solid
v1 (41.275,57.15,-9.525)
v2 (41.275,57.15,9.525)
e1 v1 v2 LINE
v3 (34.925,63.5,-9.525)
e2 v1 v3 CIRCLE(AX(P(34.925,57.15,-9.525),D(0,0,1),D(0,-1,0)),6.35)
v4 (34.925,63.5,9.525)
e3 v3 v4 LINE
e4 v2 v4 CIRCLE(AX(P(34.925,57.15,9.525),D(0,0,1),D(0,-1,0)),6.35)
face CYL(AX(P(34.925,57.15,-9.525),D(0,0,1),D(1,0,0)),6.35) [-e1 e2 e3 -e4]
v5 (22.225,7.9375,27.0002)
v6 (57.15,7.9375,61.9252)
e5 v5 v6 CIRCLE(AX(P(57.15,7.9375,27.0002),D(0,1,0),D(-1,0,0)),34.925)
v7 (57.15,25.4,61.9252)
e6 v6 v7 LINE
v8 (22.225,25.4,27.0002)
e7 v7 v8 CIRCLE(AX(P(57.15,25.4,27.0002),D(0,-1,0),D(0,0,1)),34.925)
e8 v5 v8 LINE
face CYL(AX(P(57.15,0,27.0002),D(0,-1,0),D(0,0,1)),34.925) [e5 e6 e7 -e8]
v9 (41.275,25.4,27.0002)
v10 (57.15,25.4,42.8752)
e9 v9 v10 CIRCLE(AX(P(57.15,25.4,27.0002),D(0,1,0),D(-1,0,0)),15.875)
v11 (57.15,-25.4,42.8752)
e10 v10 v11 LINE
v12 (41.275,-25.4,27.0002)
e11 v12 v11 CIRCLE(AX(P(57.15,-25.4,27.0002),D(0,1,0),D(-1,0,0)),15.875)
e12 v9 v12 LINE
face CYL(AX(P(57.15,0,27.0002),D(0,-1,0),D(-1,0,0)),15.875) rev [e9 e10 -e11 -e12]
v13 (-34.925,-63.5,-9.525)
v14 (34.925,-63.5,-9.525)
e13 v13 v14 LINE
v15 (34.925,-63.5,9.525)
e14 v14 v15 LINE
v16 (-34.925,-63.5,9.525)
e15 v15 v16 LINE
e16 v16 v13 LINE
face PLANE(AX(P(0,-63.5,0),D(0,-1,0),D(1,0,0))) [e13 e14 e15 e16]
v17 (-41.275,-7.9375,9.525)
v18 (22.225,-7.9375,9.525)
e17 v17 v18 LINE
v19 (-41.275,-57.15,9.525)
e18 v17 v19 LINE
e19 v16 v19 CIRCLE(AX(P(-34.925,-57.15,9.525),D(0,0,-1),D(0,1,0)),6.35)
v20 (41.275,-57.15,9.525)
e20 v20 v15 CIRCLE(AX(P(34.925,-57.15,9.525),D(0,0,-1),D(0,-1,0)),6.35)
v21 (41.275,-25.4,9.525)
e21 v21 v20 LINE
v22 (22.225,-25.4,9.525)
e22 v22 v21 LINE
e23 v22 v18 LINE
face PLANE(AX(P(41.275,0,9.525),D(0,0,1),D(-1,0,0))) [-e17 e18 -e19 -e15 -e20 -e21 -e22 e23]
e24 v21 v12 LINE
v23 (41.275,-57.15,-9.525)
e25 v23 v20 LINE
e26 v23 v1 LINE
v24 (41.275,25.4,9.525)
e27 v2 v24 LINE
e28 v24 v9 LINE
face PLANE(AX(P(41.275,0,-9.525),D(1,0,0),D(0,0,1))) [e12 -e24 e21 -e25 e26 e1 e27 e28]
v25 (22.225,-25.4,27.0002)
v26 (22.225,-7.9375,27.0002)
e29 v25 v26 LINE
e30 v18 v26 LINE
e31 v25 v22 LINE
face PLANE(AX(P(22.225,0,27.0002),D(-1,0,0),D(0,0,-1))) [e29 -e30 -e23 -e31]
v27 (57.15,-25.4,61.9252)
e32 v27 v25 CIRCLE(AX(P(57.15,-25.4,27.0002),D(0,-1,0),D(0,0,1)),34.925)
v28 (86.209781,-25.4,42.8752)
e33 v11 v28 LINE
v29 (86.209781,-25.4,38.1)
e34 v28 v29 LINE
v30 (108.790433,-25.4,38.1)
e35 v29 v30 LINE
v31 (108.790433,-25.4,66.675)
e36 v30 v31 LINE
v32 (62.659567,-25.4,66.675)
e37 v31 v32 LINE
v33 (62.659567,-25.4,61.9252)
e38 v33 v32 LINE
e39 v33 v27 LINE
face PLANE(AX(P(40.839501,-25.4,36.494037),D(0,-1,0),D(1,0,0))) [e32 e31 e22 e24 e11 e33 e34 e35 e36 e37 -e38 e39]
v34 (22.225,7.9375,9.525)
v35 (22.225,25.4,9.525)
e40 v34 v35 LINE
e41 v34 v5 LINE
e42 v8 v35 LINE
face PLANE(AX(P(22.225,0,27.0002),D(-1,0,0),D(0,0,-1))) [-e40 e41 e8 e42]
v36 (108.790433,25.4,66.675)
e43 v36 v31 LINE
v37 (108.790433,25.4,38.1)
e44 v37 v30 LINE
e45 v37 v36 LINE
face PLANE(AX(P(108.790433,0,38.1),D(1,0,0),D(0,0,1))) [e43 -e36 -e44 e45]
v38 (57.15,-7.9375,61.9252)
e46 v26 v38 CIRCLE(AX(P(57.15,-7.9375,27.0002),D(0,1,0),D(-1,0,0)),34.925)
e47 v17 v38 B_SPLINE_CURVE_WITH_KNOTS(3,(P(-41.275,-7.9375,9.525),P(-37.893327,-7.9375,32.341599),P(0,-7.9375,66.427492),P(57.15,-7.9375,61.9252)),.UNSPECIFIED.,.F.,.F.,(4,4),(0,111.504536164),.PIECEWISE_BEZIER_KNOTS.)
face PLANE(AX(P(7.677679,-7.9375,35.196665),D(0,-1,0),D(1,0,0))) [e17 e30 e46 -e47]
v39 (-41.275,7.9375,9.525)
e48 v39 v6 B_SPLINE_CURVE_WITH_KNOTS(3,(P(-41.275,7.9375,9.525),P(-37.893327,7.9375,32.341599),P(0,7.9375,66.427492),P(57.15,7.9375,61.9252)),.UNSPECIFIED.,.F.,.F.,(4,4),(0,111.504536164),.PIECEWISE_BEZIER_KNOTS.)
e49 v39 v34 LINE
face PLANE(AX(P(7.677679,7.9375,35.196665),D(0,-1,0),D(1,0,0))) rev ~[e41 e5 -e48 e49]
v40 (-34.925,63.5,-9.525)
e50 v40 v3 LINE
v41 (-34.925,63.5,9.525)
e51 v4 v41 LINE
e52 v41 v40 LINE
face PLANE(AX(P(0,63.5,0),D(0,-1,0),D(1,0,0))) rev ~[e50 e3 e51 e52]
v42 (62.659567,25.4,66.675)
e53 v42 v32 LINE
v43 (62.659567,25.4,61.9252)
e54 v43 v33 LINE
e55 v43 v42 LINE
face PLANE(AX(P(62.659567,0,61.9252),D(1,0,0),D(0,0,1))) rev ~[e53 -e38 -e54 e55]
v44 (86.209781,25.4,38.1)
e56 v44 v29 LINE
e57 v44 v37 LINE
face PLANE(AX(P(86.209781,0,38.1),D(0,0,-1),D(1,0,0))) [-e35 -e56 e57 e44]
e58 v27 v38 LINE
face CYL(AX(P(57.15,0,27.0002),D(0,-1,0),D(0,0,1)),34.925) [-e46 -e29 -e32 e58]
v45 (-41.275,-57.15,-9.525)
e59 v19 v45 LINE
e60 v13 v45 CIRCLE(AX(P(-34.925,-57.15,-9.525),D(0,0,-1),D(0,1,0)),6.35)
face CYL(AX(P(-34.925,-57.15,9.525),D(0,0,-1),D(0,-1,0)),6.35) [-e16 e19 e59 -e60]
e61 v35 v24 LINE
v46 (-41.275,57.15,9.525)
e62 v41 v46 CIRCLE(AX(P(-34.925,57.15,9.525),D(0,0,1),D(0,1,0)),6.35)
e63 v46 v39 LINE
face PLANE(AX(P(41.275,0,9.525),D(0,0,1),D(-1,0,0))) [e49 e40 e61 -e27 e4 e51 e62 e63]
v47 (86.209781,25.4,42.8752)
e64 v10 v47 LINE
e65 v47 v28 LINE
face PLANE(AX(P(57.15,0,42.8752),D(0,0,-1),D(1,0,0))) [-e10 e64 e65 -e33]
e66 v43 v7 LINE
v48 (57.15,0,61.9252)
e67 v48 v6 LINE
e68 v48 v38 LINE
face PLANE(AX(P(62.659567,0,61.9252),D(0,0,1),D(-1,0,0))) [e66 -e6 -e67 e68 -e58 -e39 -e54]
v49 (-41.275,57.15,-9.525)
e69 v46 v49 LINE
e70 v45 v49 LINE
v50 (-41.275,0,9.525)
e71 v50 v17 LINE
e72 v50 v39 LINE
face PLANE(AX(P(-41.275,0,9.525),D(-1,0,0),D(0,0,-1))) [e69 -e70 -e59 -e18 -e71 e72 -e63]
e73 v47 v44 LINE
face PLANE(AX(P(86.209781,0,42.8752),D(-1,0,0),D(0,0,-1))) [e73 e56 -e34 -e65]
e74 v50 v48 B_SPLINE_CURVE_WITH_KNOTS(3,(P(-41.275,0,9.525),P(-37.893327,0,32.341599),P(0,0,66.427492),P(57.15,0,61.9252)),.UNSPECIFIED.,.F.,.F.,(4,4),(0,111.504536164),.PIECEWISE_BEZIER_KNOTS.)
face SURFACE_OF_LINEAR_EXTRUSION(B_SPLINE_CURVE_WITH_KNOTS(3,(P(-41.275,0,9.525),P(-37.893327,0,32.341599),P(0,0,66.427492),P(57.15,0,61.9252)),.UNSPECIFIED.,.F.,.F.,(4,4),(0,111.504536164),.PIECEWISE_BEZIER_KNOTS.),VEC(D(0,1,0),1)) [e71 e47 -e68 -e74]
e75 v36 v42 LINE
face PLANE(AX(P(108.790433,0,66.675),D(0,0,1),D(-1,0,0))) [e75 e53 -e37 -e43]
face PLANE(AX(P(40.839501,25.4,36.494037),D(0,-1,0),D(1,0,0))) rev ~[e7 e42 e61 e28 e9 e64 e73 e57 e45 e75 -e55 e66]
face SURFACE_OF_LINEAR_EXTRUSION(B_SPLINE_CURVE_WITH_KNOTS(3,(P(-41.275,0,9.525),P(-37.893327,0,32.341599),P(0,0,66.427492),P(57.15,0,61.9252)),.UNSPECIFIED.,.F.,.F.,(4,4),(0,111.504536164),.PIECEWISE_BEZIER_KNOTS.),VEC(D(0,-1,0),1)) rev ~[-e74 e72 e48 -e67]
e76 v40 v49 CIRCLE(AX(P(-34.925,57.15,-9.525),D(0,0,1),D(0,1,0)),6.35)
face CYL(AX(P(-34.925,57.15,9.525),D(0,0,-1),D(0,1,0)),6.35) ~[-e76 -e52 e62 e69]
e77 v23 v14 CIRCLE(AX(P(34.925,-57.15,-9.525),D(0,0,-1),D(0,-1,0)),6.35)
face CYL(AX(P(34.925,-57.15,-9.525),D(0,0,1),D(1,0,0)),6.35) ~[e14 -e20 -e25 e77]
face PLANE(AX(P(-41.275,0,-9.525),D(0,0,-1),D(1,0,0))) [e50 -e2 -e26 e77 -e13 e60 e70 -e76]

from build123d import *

# Parameters (mm, degrees)
F1_DEPTH = 63.5
F0_W     = 23.5502142146
F0_H     = 19.05
F0_H_2   = 4.7498
F2_DEPTH = 25.4
F3_DEPTH = 7.9375
F4_R     = 6.35


with BuildPart() as f1:
    # F0 (on Front) → F1 (new body, symmetric)
    with BuildSketch(Plane.XZ):
        Polygon((41.275, -9.525), (41.275, 9.525), (22.225, 9.525), (-41.275, 9.525), (-41.275, -9.525), align=None)
    extrude(amount=F1_DEPTH, both=True)

    # F0 (on Front) → F2 (join, symmetric)
    with BuildSketch(Plane.XZ):
        with BuildLine():
            Line((22.225, 9.525), (41.275, 9.525))
            Line((41.275, 9.525), (41.275, 27.0002))
            ThreePointArc((41.275, 27.0002), (45.9246798487, 38.2255201513), (57.15, 42.8752))
            Line((57.15, 42.8752), (62.6595669536, 42.8752))
            Line((62.6595669536, 42.8752), (62.6595669536, 61.9252))
            Line((62.6595669536, 61.9252), (57.15, 61.9252))
            ThreePointArc((57.15, 61.9252), (32.4542956671, 51.6959043329), (22.225, 27.0002))
            Line((22.225, 27.0002), (22.225, 9.525))
        make_face()
        with Locations((74.4346740609, 52.4002)):
            Rectangle(F0_W, F0_H)
        Polygon((86.2097811682, 61.9252), (86.2097811682, 42.8752), (86.2097811682, 38.1), (108.7904330464, 38.1), (108.7904330464, 66.675), (86.2097811682, 66.675), align=None)
        with Locations((74.4346740609, 64.3001)):
            Rectangle(F0_W, F0_H_2)
    extrude(amount=F2_DEPTH, both=True)

    # F0 (on Front) → F3 (join, symmetric)
    with BuildSketch(Plane.XZ):
        with BuildLine():
            Line((-41.275, 9.525), (22.225, 9.525))
            Line((22.225, 9.525), (22.225, 27.0002))
            ThreePointArc((22.225, 27.0002), (32.4542956671, 51.6959043329), (57.15, 61.9252))
            add(Edge.make_bspline(
                [(-41.275, 9.525), (-37.8933270554, 32.3415985166), (0, 66.4274916053), (57.15, 61.9252)],
                knots=[0, 0, 0, 0, 111.5045361635, 111.5045361635, 111.5045361635, 111.5045361635], degree=3))
        make_face()
    extrude(amount=F3_DEPTH, both=True)

    # F4
    f4_edges = [f1.edges().sort_by_distance(p)[0] for p in [
        (41.275, 63.5, 0),
        (-41.275, 63.5, 0),
        (41.275, -63.5, 0),
        (-41.275, -63.5, 0),
    ]]
    fillet(f4_edges, radius=F4_R)


solid = f1.part
